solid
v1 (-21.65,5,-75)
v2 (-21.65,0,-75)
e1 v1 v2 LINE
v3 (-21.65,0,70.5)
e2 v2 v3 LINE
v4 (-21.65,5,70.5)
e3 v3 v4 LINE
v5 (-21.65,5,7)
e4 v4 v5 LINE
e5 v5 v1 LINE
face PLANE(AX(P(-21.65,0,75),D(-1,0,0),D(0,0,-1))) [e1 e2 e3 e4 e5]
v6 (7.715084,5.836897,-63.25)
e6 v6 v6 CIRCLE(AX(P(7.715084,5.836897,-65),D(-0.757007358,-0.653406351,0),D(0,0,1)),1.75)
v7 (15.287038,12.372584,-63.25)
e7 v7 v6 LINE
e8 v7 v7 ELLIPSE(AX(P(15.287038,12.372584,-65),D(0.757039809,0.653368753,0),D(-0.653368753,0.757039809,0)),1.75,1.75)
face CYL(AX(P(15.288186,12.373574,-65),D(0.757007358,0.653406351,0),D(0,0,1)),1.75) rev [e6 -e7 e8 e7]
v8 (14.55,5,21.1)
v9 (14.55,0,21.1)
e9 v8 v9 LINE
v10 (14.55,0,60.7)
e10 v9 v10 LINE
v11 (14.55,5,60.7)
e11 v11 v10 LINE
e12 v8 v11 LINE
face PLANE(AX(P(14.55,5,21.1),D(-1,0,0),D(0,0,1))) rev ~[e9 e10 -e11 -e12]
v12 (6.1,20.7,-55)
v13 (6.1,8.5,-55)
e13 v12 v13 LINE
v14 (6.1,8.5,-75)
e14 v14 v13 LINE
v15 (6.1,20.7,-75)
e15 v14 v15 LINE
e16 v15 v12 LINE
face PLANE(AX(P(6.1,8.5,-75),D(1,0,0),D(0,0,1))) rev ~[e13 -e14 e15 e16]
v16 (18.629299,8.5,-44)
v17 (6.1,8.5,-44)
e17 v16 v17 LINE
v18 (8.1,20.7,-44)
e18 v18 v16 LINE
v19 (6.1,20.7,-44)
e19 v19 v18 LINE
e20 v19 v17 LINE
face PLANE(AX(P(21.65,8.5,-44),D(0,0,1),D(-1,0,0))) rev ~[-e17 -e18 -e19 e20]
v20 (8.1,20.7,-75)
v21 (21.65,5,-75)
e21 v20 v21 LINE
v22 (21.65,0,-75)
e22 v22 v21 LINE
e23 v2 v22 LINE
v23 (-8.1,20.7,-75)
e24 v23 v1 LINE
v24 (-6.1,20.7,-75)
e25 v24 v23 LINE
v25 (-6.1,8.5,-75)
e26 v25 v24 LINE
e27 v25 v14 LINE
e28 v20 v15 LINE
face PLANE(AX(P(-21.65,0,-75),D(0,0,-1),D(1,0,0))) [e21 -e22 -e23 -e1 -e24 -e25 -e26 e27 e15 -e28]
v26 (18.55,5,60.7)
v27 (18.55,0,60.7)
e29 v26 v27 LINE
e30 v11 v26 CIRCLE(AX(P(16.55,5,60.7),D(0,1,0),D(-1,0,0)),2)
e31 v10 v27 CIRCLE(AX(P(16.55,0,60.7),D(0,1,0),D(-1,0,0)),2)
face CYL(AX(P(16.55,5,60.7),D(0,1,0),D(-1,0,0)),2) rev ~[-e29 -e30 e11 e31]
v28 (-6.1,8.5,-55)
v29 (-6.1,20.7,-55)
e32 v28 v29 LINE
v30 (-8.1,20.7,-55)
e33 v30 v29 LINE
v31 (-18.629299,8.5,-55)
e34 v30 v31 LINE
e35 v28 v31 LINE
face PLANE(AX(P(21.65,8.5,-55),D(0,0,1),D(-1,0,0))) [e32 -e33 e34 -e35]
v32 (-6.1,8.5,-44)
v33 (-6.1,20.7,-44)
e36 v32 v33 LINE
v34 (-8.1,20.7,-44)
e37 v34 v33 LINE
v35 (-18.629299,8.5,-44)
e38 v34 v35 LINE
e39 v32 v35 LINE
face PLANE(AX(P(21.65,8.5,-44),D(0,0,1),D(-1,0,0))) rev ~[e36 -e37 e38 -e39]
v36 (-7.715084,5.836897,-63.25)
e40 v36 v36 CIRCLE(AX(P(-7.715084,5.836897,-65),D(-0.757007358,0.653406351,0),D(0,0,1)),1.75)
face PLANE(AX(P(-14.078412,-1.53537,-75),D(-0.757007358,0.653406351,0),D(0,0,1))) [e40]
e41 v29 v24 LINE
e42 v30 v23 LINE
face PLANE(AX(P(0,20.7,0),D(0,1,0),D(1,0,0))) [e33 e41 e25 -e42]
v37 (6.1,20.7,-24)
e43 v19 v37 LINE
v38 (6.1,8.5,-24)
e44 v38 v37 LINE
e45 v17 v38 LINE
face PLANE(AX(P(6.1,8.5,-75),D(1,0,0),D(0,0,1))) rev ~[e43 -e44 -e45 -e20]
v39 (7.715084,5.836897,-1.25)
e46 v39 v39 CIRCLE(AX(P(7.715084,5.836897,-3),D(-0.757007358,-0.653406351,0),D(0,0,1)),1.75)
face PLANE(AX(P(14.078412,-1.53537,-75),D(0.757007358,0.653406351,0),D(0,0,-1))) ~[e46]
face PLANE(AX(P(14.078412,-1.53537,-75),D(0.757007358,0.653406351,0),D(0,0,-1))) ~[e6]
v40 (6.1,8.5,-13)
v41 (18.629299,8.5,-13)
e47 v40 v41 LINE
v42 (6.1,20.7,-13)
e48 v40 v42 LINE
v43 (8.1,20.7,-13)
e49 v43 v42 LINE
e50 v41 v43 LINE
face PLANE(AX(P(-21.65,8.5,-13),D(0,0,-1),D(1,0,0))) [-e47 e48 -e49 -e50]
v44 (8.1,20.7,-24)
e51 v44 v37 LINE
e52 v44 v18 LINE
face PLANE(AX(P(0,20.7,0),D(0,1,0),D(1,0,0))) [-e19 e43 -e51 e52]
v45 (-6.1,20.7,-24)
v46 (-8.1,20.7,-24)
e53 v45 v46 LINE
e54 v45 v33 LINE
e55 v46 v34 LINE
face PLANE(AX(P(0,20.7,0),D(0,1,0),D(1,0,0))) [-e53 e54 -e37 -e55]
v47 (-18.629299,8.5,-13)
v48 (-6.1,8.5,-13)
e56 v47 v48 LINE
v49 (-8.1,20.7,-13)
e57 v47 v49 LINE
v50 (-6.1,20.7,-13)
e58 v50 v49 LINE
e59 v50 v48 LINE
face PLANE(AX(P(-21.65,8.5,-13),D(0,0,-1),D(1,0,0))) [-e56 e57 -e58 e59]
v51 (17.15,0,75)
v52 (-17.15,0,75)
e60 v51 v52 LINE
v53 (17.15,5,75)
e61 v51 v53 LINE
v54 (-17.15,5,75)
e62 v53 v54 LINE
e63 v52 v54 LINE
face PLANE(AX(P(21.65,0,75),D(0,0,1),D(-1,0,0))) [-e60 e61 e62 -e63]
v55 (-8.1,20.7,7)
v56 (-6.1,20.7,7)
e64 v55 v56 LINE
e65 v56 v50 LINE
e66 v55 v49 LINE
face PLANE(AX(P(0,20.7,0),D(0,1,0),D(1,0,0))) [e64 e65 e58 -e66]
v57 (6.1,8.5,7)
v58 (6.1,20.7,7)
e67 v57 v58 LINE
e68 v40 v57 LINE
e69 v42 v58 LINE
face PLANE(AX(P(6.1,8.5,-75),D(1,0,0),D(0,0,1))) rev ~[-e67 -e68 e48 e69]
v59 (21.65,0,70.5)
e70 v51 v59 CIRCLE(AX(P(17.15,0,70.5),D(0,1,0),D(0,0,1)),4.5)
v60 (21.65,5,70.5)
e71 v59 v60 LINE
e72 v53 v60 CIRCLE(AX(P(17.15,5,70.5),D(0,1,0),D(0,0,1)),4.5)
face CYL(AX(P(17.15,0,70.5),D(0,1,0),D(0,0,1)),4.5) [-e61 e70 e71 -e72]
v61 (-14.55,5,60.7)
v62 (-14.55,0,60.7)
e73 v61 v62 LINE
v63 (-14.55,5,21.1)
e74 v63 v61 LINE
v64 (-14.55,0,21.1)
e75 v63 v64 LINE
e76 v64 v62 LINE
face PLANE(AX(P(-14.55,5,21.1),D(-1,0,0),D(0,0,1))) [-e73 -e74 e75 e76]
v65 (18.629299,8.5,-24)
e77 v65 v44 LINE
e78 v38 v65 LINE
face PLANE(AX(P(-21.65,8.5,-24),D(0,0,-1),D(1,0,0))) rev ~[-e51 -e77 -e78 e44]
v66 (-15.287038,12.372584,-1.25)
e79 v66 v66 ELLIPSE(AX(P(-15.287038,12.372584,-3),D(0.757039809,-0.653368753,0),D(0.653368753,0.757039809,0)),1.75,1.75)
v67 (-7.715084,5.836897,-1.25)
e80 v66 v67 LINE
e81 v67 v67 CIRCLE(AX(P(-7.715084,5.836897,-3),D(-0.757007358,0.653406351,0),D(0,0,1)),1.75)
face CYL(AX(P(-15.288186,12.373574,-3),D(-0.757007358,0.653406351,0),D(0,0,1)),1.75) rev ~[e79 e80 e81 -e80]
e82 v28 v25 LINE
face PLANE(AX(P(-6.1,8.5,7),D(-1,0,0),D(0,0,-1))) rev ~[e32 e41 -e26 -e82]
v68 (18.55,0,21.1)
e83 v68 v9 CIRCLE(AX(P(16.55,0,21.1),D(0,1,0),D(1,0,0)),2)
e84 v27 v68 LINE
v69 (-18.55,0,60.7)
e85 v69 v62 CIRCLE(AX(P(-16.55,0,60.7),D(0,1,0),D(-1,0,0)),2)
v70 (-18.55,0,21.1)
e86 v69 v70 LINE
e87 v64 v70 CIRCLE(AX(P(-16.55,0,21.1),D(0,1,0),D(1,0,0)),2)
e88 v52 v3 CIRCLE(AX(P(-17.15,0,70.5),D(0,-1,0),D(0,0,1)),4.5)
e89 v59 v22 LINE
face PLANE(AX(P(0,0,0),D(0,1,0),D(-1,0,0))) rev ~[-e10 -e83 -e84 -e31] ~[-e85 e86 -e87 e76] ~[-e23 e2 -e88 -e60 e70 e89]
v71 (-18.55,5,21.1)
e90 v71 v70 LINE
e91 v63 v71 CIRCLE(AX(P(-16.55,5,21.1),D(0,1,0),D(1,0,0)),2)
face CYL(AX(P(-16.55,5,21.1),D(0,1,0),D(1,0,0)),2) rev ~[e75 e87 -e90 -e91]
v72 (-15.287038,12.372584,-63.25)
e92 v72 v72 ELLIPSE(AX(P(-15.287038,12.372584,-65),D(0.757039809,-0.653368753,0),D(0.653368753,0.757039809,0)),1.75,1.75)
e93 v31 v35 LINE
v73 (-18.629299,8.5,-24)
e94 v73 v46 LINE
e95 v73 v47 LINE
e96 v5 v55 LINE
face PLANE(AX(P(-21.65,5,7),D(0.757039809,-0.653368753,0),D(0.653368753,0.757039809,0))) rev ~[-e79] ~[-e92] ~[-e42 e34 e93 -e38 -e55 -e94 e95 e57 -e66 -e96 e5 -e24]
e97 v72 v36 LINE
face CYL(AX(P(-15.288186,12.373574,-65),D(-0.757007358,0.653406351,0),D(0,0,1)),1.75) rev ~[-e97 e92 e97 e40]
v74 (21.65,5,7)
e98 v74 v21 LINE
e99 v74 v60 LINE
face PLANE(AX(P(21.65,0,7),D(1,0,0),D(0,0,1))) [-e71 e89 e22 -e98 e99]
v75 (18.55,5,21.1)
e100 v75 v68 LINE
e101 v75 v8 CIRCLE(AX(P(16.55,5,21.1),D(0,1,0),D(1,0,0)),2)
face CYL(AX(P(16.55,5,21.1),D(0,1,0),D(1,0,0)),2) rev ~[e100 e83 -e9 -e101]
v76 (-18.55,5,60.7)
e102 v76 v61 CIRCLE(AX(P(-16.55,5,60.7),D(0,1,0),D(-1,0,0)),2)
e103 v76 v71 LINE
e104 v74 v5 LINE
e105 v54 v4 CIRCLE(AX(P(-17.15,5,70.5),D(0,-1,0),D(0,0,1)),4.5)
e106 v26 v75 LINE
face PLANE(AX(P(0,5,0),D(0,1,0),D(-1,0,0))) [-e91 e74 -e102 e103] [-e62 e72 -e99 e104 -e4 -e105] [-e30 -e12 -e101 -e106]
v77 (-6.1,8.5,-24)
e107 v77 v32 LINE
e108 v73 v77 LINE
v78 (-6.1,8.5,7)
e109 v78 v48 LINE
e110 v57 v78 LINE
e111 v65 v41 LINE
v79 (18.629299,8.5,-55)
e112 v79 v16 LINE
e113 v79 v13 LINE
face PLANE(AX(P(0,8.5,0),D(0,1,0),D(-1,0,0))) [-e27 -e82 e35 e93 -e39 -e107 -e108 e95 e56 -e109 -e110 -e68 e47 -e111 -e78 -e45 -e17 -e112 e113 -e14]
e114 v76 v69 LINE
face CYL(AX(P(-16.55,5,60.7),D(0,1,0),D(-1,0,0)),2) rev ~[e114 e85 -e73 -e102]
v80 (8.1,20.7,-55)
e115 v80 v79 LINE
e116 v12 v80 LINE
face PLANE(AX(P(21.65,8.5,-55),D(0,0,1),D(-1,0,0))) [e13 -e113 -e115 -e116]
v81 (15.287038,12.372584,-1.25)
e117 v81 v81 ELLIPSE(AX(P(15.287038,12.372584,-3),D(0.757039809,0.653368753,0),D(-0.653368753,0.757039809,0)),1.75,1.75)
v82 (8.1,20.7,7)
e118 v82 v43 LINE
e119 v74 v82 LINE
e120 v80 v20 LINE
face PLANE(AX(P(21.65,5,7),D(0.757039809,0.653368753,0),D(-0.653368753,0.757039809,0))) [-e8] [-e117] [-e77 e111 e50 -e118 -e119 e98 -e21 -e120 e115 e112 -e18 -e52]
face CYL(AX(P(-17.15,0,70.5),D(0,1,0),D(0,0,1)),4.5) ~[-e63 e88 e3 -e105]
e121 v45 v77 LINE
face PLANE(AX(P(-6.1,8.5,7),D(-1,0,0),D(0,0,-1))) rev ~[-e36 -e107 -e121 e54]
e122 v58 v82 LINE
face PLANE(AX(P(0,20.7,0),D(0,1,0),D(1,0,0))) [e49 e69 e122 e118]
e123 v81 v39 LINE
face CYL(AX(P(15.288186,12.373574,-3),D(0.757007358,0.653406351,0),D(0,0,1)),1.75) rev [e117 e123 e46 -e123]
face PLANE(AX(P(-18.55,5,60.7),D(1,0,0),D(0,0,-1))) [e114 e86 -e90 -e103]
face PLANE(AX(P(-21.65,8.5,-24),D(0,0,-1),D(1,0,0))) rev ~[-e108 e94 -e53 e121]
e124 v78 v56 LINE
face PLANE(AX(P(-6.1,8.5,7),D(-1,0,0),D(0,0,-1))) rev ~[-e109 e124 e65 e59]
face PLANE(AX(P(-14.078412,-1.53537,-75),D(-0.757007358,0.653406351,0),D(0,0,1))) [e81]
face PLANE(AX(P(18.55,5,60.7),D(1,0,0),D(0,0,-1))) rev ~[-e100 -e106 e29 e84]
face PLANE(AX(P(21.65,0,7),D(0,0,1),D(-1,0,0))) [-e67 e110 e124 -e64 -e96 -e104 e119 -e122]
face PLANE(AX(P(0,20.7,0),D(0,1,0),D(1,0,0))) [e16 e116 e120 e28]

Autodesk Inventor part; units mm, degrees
ref_plane "YZ Plane" through (0, 0, 0) normal (1, 0, 0) x (0, 1, 0)
ref_plane "XZ Plane" through (0, 0, 0) normal (0, 1, 0) x (-1, 0, 0)
ref_plane "XY Plane" through (0, 0, 0) normal (0, 0, 1) x (1, 0, 0)
sketch "스케치1" plane through (0, 0, 0) normal (0, 1, 0) x (-1, 0, 0)
  line L0 (-21.65, 75) -> (21.65, 75)
  line L1 (21.65, 75) -> (21.65, -75)
  line L2 (21.65, -75) -> (-21.65, -75)
  line L3 (-21.65, -75) -> (-21.65, 75)
  line L4 (-21.65, 75) -> (21.65, -75) construction
  line L5 (21.65, 75) -> (-21.65, -75) construction
  line L6 (-21.65, 7) -> (21.65, 7)
  point P0 (0, 0)
  dimension "d0" = 43.3
  dimension "d1" = 150
  dimension "d2" = 68
extrude "돌출2" add sketch "스케치1" along normal blind 5 contours L0 L1 L6 L3
extrude "돌출3" add sketch "스케치1" along normal blind 8.5 contours L6 L1 L2 L3
sketch "스케치3" plane through (0, 8.5, 0) normal (0, 1, 0) x (1, 0, 0)
  line L0 (-21.65, -7) -> (21.65, -7) projected
  line L1 (21.65, 75) -> (-21.65, 75) projected
  line L2 (6.1, -7) -> (-6.1, -7)
  line L3 (-6.1, -7) -> (-6.1, 75)
  line L4 (-6.1, 75) -> (6.1, 75)
  line L5 (6.1, 75) -> (6.1, -7)
  line L6 (21.65, -7) -> (21.65, 75) projected
  line L7 (21.65, 75) -> (6.1, 75)
  line L8 (6.1, 75) -> (6.1, -7)
  line L9 (6.1, -7) -> (21.65, -7)
  line L10 (21.65, -7) -> (21.65, 75)
  line L11 (-21.65, 75) -> (-6.1, 75)
  line L12 (-6.1, 75) -> (-6.1, -7)
  line L13 (-6.1, -7) -> (-21.65, -7)
  line L14 (-21.65, -7) -> (-21.65, 75)
  point P0 (0, 0)
  point P1 (-6.1, -7)
  point P2 (6.1, 75)
  dimension "d9" = 12.2
  dimension "d11" = 6.1
extrude "돌출4" add sketch "스케치3" along normal blind 12.2 contours L14 L1 L3 L0 | L5 L1 L6 L0
sketch "스케치4" plane through (0, 5, 0) normal (0, 1, 0) x (1, 0, 0)
  line L0 (16.55, -19.1) -> (16.55, -62.7) construction
  line L1 (14.55, -21.1) -> (14.55, -60.7)
  line L2 (18.55, -60.7) -> (18.55, -21.1)
  arc A0 (18.55, -21.1) -> (14.55, -21.1) centre (16.55, -21.1) ccw
  arc A1 (14.55, -60.7) -> (18.55, -60.7) centre (16.55, -60.7) ccw
  line L3 (21.65, -75) -> (21.65, -7) projected
  line L4 (-21.65, -75) -> (21.65, -75) projected
  line L5 (21.65, -7) -> (-21.65, -7) projected
  line L6 (0, -7) -> (0, -75)
  line L7 (-16.55, -19.1) -> (-16.55, -62.7) construction
  line L8 (-14.55, -21.1) -> (-14.55, -60.7)
  line L9 (-18.55, -60.7) -> (-18.55, -21.1)
  arc A2 (-14.55, -21.1) -> (-18.55, -21.1) centre (-16.55, -21.1) ccw
  arc A3 (-18.55, -60.7) -> (-14.55, -60.7) centre (-16.55, -60.7) ccw
  point P0 (0, 0)
  point P1 (16.55, -40.9)
  point P2 (-16.55, -40.9)
  dimension "d14" = 43.6
  dimension "d15" = 3.1
  dimension "d16" = 4
  dimension "d17" = 12.3
extrude "돌출5" cut sketch "스케치4" against normal through all contours A0 L2 A1 L1 | L8 A3 L9 A2
fillet "모깎기1" radius 4.5 2 edges at (21.65, 2.5, 75) (-21.65, 2.5, 75)
sketch "스케치5" plane through (-21.65, 5, 7) normal (0, 0, 1) x (1, 0, 0)
  line L0 (27.75, 3.5) -> (15.55, 3.5) projected
  line L1 (21.65, 3.5) -> (21.65, 29.9168)
  line L2 (43.3, 0) -> (43.3, 15.7) projected
  line L3 (4.5, 0) -> (38.8, 0) projected
  line L4 (43.3, 15.7) -> (27.75, 15.7)
  line L5 (27.75, 15.7) -> (27.75, 0)
  line L6 (27.75, 0) -> (43.3, 0)
  line L7 (43.3, 0) -> (43.3, 15.7)
  line L8 (43.3, 0) -> (29.75, 15.7)
  line L9 (43.3, 15.7) -> (27.75, 15.7) projected
  line L10 (43.3, -5) -> (38.8, -5) projected
  line L11 (0, 0) -> (0, 15.7)
  line L12 (0, 15.7) -> (15.55, 15.7)
  line L13 (0, 0) -> (0, 15.7)
  line L14 (0, 0) -> (13.55, 15.7)
  point P0 (21.65, -5)
  dimension "d21" = 2
  dimension "d22" = 5
extrude "돌출6" cut sketch "스케치5" against normal through all contours L8 L4 L2 | L11 L12 L14
sketch "스케치7" plane through (-21.65, 5, -75) normal (-0.757, 0.6534, 0) x (0, 0, 1)
  line L0 (0, 20.7387) -> (82, 20.7387) projected
  line L1 (82, 0) -> (0, 0) projected
  line L2 (82, 20.7387) -> (82, 0) projected
  circle A0 centre (10, 9.7387) radius 1.75
  line L3 (82, 28.2909) -> (82, 0) projected
  line L4 (82, 9.7387) -> (0, 9.7387)
  line L5 (0, 24.5057) -> (0, -3.7852) projected
  line L6 (82, 20.7806) -> (0, 20.7806) projected
  line L7 (41, 20.7806) -> (41, 0)
  circle A1 centre (72, 9.7387) radius 1.75
  dimension "d26" = 3.5
  dimension "d28" = 10
  dimension "d39" = 11
extrude "돌출7" cut sketch "스케치7" against normal blind 10 contours L4 A0 | A0 L4 | A1 L4 | L4 A1
mirror "미러1" about plane through (0, 0, 0) normal (1, 0, 0) of "돌출7"
sketch "스케치9" plane through (0, 8.5, 0) normal (0, 1, 0) x (1, 0, 0)
  ellipse E0 centre (-15.2871, 3) end of major axis (-15.2871, 1.25) minor radius 1.1434 projected
  ellipse E1 centre (-15.2871, 65) end of major axis (-15.2871, 63.25) minor radius 1.1434 projected
  line L0 (-29.6157, 34) -> (32.1158, 34)
  line L1 (-21.65, -7) -> (-21.65, 75) projected
  line L2 (21.65, 75) -> (21.65, -7) projected
  line L3 (-21.65, 13) -> (21.65, 13)
  line L4 (21.65, 13) -> (21.65, 55)
  line L5 (21.65, 55) -> (-21.65, 55)
  line L6 (-21.65, 55) -> (-21.65, 13)
  line L7 (-21.65, 75) -> (-21.65, -70.5) projected
  line L8 (21.65, -70.5) -> (21.65, 75) projected
  line L9 (-21.65, 24) -> (21.65, 24)
  line L10 (21.65, 24) -> (21.65, 44)
  line L11 (21.65, 44) -> (-21.65, 44)
  line L12 (-21.65, 44) -> (-21.65, 24)
  point P0 (0, 0)
  point P1 (21.65, 13)
  point P2 (-21.65, 44)
  dimension "d32" = 10
  dimension "d33" = 10
  dimension "d36" = 20
  dimension "d38" = 11
extrude "돌출8" cut sketch "스케치9" along normal through all contours L9 L2 L3 L1 | L1 L5 L2 L11
properties part number "sun2" material "티타늄"
